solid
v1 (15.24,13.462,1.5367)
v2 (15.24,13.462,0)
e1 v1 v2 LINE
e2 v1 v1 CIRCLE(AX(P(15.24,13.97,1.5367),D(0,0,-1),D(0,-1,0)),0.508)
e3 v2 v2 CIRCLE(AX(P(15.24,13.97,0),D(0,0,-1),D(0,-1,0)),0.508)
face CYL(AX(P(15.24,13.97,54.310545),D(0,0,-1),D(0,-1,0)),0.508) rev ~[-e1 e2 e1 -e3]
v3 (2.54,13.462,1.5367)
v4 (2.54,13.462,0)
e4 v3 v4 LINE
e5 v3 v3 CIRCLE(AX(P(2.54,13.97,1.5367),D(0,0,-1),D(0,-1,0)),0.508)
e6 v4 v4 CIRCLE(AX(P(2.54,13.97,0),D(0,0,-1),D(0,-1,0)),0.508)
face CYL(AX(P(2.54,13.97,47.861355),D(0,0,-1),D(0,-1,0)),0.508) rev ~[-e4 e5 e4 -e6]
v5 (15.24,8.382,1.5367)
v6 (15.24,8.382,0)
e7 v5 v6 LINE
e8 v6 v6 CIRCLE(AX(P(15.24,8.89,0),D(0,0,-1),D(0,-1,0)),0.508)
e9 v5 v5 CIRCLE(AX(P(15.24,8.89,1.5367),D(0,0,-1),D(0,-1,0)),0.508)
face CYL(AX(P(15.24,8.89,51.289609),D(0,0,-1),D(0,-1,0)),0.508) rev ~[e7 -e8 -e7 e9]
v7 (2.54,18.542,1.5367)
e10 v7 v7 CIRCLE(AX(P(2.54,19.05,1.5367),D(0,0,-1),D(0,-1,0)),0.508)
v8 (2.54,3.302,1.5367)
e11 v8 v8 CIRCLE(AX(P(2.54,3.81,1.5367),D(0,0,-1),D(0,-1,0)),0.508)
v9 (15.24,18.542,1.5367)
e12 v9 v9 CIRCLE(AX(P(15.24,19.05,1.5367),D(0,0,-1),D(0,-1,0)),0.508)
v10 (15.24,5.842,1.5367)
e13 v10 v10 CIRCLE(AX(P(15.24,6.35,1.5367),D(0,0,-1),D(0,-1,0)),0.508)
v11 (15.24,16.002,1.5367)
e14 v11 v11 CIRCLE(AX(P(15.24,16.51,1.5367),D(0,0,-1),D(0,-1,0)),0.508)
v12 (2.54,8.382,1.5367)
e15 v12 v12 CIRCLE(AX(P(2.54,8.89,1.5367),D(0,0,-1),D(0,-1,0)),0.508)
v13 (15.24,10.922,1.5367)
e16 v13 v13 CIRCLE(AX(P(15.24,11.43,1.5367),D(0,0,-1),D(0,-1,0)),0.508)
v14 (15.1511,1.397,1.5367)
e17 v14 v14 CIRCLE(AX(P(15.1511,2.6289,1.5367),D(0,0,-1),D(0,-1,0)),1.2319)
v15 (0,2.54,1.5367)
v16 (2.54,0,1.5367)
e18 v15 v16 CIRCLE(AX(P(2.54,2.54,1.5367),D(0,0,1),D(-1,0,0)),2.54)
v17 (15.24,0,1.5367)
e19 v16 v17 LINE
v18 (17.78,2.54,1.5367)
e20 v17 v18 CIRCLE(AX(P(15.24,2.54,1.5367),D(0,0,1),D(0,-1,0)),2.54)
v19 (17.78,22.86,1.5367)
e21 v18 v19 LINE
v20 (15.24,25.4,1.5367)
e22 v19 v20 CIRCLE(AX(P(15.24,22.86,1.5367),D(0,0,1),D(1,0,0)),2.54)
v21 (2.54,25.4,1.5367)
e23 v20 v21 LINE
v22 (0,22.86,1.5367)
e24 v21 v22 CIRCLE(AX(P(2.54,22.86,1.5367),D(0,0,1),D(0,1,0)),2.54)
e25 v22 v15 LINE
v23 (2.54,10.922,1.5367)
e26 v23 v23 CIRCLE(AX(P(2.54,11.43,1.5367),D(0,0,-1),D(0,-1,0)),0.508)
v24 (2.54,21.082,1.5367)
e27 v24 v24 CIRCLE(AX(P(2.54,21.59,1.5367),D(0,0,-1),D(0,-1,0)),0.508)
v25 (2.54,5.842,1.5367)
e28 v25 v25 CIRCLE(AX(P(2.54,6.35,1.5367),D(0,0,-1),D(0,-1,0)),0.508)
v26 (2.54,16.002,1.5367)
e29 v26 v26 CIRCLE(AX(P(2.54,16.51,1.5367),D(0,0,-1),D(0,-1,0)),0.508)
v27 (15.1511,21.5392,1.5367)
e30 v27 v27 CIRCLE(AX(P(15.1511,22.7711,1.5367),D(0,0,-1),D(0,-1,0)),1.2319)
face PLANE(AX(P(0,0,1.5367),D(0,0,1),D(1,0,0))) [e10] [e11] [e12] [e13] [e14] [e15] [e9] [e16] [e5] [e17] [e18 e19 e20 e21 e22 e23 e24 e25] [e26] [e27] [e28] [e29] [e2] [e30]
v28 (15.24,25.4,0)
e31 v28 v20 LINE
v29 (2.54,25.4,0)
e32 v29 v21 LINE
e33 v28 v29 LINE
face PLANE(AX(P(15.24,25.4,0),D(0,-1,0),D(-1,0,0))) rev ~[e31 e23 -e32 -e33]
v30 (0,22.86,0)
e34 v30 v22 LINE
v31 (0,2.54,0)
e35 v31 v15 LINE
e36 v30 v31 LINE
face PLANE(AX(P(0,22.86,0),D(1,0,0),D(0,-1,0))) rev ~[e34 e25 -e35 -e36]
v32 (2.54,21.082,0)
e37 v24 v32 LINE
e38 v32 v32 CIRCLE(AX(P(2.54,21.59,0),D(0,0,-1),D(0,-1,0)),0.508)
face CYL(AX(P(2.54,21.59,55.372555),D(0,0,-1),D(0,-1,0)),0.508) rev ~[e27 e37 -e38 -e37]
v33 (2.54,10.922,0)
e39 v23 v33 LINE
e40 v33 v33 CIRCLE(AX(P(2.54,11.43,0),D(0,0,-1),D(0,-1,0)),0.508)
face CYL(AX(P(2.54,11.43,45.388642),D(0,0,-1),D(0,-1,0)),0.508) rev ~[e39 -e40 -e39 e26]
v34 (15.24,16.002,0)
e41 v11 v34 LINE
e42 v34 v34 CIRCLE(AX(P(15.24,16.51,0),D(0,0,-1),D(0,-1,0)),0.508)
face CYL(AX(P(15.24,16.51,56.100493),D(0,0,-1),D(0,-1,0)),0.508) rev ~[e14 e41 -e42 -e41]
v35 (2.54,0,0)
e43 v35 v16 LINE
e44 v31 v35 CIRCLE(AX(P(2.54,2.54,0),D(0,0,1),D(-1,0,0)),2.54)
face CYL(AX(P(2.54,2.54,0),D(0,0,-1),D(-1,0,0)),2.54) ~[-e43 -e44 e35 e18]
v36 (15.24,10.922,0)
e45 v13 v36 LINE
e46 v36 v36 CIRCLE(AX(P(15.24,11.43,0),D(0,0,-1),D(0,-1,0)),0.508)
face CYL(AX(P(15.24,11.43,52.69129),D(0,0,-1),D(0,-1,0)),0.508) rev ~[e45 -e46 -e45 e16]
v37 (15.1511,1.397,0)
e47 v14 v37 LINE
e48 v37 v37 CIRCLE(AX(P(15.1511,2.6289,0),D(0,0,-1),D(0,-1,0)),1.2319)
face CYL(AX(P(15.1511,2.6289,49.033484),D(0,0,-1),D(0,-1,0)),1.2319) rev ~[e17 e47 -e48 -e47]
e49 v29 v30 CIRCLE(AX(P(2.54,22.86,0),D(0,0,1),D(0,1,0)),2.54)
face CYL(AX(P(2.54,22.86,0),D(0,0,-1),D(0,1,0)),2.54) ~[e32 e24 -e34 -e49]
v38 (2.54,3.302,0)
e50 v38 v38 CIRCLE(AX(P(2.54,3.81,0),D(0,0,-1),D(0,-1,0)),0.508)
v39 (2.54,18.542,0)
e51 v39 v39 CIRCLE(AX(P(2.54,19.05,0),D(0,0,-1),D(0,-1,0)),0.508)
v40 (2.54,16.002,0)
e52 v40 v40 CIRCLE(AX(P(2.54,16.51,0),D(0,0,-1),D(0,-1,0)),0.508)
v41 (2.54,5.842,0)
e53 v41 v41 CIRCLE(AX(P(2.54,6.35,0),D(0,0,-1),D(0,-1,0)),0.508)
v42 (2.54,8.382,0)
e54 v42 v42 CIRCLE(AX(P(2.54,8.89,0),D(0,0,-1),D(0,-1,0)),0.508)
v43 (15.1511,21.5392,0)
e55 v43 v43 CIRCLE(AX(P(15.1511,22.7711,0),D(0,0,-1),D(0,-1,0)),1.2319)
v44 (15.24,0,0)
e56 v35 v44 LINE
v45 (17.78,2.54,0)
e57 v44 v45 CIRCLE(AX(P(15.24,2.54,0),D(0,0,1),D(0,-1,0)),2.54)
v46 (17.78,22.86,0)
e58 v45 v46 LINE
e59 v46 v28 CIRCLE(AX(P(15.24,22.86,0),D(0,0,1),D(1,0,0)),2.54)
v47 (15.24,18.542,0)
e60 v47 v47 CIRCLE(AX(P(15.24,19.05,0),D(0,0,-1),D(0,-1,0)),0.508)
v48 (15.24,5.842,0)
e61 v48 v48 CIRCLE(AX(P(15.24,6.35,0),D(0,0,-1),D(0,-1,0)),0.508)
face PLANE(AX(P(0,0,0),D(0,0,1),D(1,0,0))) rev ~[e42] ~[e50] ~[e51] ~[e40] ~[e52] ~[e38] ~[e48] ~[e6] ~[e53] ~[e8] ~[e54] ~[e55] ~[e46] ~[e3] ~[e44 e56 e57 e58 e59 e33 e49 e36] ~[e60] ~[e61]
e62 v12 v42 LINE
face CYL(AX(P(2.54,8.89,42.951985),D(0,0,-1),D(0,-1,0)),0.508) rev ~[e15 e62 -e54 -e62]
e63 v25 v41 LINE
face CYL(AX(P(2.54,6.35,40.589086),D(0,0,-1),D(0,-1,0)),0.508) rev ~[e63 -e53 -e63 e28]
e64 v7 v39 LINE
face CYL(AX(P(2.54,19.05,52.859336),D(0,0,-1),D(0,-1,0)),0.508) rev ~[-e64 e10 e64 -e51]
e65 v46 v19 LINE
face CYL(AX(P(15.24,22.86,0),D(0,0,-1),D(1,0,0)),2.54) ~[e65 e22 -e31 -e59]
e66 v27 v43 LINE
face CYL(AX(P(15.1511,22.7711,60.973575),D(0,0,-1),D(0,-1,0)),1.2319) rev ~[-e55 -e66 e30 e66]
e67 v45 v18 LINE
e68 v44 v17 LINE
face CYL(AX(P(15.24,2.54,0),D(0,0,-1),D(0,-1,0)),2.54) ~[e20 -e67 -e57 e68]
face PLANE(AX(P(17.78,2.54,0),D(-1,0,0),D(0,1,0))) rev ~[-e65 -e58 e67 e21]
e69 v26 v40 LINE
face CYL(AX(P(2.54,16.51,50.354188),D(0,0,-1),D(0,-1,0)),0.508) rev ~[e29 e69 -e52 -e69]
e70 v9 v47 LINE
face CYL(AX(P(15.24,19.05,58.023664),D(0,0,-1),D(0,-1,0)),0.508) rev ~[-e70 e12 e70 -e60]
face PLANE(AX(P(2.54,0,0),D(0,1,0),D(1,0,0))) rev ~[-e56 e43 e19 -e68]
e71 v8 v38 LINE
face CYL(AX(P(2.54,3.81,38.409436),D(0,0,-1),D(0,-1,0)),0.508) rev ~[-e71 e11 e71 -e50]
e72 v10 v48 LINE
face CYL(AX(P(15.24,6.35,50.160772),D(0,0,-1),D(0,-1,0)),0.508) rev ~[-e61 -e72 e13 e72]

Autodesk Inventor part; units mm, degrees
ref_plane "YZ Plane" through (0, 0, 0) normal (1, 0, 0) x (0, 1, 0)
ref_plane "XZ Plane" through (0, 0, 0) normal (0, 1, 0) x (-1, 0, 0)
ref_plane "XY Plane" through (0, 0, 0) normal (0, 0, 1) x (1, 0, 0)
sketch "Sketch1" plane through (0, 0, 0) normal (0, 0, 1) x (1, 0, 0)
  line L0 (2.54, 0) -> (15.24, 0)
  line L1 (17.78, 2.54) -> (17.78, 22.86)
  line L2 (15.24, 25.4) -> (2.54, 25.4)
  line L3 (0, 22.86) -> (0, 2.54)
  arc A0 (17.78, 22.86) -> (15.24, 25.4) centre (15.24, 22.86) ccw
  arc A1 (15.24, 0) -> (17.78, 2.54) centre (15.24, 2.54) ccw
  arc A2 (0, 2.54) -> (2.54, 0) centre (2.54, 2.54) ccw
  arc A3 (2.54, 25.4) -> (0, 22.86) centre (2.54, 22.86) ccw
  point P0 (0, 0)
  point P1 (17.78, 25.4)
  point P2 (17.78, 0)
  point P3 (0, 25.4)
  dimension "d0" = 17.78
  dimension "d1" = 25.4
  dimension "d2" = 2.54
extrude "Extrusion1" add sketch "Sketch1" along normal blind 1.5367
sketch "Sketch2" plane through (0, 0, 1.5367) normal (0, 0, 1) x (1, 0, 0)
  arc A0 (17.78, 22.86) -> (15.24, 25.4) centre (15.24, 22.86) ccw projected
  arc A1 (15.24, 0) -> (17.78, 2.54) centre (15.24, 2.54) ccw projected
  line L0 (17.78, 2.54) -> (17.78, 22.86) projected
  line L1 (15.24, 25.4) -> (2.54, 25.4) projected
  line L2 (2.54, 0) -> (15.24, 0) projected
  point P0 (0, 0)
  point P1 (15.1511, 22.7711)
  point P2 (15.1511, 2.6289)
  dimension "d36" = 2.6289
  dimension "d37" = 2.6289
  dimension "d38" = 2.6289
  dimension "d39" = 2.6289
hole "Hole1" at (15.1511, 22.7711, 1.5367) at (15.1511, 2.6289, 1.5367) direction (0, 0, -1) diameter 2.4638 end through all both
sketch "Sketch3" plane through (0, 0, 1.5367) normal (0, 0, 1) x (1, 0, 0)
  arc A0 (17.78, 22.86) -> (15.24, 25.4) centre (15.24, 22.86) ccw construction
  line L0 (15.24, 25.4) -> (15.24, 0) construction
  arc A1 (15.24, 0) -> (17.78, 2.54) centre (15.24, 2.54) ccw construction
  line L1 (2.54, 0) -> (15.24, 0) construction
  line L2 (15.24, 25.4) -> (2.54, 25.4) construction
  line L3 (2.54, 0) -> (2.54, 25.4) construction
  line L4 (0, 22.86) -> (0, 2.54) construction
  line L5 (0, 12.7) -> (17.78, 12.7) construction
  line L6 (17.78, 2.54) -> (17.78, 22.86) construction
  line L7 (8.89, 25.4) -> (8.89, 0) construction
  point P0 (0, 0)
  point P1 (15.24, 13.97)
  point P2 (2.54, 13.97)
  point P3 (15.24, 16.51)
  point P4 (15.24, 19.05)
  point P5 (15.24, 11.43)
  point P6 (15.24, 13.97)
  point P7 (15.24, 16.51)
  point P8 (15.24, 8.89)
  point P9 (15.24, 11.43)
  point P10 (15.24, 13.97)
  point P11 (15.24, 6.35)
  point P12 (15.24, 8.89)
  point P13 (15.24, 11.43)
  point P14 (2.54, 16.51)
  point P15 (2.54, 19.05)
  point P16 (2.54, 21.59)
  point P17 (2.54, 11.43)
  point P18 (2.54, 13.97)
  point P19 (2.54, 16.51)
  point P20 (2.54, 19.05)
  point P21 (2.54, 8.89)
  point P22 (2.54, 11.43)
  point P23 (2.54, 13.97)
  point P24 (2.54, 16.51)
  point P25 (2.54, 6.35)
  point P26 (2.54, 8.89)
  point P27 (2.54, 11.43)
  point P28 (2.54, 13.97)
  point P29 (2.54, 3.81)
  point P30 (2.54, 6.35)
  point P31 (2.54, 8.89)
  point P32 (2.54, 11.43)
  dimension "d12" = 1.27
  dimension "d15" = 2.54
  dimension "d18" = 2.54
  dimension "d23" = 2.54
  dimension "d26" = 2.54
hole "Hole2" at (15.24, 13.97, 1.5367) at (2.54, 13.97, 1.5367) at (15.24, 16.51, 1.5367) at (15.24, 19.05, 1.5367) at (15.24, 11.43, 1.5367) at (15.24, 8.89, 1.5367) at (15.24, 6.35, 1.5367) at (2.54, 16.51, 1.5367) at (2.54, 19.05, 1.5367) at (2.54, 21.59, 1.5367) at (2.54, 11.43, 1.5367) at (2.54, 8.89, 1.5367) at (2.54, 6.35, 1.5367) at (2.54, 3.81, 1.5367) direction (0, 0, -1) diameter 1.016 end through all both
equation "\"d3\" = pcbThickness"
equation "\"d5\" = mountingHoleDiameter"
equation "\"d12\" = 0.5 * pinHoleSeparationDistance"
equation "\"d15\" = pinHoleSeparationDistance"
equation "\"d18\" = pinHoleSeparationDistance"
equation "\"d23\" = pinHoleSeparationDistance"
equation "\"d26\" = pinHoleSeparationDistance"
equation "\"d29\" = pinHoleDiameter"
equation "\"pcbThickness\" = 1.5367"
equation "\"mountingHoleDiameter\" = 2.4638"
equation "\"pinHoleDiameter\" = 1.016"
equation "\"pinHoleSeparationDistance\" = 2.54"
properties part number "Driver_Motor"
